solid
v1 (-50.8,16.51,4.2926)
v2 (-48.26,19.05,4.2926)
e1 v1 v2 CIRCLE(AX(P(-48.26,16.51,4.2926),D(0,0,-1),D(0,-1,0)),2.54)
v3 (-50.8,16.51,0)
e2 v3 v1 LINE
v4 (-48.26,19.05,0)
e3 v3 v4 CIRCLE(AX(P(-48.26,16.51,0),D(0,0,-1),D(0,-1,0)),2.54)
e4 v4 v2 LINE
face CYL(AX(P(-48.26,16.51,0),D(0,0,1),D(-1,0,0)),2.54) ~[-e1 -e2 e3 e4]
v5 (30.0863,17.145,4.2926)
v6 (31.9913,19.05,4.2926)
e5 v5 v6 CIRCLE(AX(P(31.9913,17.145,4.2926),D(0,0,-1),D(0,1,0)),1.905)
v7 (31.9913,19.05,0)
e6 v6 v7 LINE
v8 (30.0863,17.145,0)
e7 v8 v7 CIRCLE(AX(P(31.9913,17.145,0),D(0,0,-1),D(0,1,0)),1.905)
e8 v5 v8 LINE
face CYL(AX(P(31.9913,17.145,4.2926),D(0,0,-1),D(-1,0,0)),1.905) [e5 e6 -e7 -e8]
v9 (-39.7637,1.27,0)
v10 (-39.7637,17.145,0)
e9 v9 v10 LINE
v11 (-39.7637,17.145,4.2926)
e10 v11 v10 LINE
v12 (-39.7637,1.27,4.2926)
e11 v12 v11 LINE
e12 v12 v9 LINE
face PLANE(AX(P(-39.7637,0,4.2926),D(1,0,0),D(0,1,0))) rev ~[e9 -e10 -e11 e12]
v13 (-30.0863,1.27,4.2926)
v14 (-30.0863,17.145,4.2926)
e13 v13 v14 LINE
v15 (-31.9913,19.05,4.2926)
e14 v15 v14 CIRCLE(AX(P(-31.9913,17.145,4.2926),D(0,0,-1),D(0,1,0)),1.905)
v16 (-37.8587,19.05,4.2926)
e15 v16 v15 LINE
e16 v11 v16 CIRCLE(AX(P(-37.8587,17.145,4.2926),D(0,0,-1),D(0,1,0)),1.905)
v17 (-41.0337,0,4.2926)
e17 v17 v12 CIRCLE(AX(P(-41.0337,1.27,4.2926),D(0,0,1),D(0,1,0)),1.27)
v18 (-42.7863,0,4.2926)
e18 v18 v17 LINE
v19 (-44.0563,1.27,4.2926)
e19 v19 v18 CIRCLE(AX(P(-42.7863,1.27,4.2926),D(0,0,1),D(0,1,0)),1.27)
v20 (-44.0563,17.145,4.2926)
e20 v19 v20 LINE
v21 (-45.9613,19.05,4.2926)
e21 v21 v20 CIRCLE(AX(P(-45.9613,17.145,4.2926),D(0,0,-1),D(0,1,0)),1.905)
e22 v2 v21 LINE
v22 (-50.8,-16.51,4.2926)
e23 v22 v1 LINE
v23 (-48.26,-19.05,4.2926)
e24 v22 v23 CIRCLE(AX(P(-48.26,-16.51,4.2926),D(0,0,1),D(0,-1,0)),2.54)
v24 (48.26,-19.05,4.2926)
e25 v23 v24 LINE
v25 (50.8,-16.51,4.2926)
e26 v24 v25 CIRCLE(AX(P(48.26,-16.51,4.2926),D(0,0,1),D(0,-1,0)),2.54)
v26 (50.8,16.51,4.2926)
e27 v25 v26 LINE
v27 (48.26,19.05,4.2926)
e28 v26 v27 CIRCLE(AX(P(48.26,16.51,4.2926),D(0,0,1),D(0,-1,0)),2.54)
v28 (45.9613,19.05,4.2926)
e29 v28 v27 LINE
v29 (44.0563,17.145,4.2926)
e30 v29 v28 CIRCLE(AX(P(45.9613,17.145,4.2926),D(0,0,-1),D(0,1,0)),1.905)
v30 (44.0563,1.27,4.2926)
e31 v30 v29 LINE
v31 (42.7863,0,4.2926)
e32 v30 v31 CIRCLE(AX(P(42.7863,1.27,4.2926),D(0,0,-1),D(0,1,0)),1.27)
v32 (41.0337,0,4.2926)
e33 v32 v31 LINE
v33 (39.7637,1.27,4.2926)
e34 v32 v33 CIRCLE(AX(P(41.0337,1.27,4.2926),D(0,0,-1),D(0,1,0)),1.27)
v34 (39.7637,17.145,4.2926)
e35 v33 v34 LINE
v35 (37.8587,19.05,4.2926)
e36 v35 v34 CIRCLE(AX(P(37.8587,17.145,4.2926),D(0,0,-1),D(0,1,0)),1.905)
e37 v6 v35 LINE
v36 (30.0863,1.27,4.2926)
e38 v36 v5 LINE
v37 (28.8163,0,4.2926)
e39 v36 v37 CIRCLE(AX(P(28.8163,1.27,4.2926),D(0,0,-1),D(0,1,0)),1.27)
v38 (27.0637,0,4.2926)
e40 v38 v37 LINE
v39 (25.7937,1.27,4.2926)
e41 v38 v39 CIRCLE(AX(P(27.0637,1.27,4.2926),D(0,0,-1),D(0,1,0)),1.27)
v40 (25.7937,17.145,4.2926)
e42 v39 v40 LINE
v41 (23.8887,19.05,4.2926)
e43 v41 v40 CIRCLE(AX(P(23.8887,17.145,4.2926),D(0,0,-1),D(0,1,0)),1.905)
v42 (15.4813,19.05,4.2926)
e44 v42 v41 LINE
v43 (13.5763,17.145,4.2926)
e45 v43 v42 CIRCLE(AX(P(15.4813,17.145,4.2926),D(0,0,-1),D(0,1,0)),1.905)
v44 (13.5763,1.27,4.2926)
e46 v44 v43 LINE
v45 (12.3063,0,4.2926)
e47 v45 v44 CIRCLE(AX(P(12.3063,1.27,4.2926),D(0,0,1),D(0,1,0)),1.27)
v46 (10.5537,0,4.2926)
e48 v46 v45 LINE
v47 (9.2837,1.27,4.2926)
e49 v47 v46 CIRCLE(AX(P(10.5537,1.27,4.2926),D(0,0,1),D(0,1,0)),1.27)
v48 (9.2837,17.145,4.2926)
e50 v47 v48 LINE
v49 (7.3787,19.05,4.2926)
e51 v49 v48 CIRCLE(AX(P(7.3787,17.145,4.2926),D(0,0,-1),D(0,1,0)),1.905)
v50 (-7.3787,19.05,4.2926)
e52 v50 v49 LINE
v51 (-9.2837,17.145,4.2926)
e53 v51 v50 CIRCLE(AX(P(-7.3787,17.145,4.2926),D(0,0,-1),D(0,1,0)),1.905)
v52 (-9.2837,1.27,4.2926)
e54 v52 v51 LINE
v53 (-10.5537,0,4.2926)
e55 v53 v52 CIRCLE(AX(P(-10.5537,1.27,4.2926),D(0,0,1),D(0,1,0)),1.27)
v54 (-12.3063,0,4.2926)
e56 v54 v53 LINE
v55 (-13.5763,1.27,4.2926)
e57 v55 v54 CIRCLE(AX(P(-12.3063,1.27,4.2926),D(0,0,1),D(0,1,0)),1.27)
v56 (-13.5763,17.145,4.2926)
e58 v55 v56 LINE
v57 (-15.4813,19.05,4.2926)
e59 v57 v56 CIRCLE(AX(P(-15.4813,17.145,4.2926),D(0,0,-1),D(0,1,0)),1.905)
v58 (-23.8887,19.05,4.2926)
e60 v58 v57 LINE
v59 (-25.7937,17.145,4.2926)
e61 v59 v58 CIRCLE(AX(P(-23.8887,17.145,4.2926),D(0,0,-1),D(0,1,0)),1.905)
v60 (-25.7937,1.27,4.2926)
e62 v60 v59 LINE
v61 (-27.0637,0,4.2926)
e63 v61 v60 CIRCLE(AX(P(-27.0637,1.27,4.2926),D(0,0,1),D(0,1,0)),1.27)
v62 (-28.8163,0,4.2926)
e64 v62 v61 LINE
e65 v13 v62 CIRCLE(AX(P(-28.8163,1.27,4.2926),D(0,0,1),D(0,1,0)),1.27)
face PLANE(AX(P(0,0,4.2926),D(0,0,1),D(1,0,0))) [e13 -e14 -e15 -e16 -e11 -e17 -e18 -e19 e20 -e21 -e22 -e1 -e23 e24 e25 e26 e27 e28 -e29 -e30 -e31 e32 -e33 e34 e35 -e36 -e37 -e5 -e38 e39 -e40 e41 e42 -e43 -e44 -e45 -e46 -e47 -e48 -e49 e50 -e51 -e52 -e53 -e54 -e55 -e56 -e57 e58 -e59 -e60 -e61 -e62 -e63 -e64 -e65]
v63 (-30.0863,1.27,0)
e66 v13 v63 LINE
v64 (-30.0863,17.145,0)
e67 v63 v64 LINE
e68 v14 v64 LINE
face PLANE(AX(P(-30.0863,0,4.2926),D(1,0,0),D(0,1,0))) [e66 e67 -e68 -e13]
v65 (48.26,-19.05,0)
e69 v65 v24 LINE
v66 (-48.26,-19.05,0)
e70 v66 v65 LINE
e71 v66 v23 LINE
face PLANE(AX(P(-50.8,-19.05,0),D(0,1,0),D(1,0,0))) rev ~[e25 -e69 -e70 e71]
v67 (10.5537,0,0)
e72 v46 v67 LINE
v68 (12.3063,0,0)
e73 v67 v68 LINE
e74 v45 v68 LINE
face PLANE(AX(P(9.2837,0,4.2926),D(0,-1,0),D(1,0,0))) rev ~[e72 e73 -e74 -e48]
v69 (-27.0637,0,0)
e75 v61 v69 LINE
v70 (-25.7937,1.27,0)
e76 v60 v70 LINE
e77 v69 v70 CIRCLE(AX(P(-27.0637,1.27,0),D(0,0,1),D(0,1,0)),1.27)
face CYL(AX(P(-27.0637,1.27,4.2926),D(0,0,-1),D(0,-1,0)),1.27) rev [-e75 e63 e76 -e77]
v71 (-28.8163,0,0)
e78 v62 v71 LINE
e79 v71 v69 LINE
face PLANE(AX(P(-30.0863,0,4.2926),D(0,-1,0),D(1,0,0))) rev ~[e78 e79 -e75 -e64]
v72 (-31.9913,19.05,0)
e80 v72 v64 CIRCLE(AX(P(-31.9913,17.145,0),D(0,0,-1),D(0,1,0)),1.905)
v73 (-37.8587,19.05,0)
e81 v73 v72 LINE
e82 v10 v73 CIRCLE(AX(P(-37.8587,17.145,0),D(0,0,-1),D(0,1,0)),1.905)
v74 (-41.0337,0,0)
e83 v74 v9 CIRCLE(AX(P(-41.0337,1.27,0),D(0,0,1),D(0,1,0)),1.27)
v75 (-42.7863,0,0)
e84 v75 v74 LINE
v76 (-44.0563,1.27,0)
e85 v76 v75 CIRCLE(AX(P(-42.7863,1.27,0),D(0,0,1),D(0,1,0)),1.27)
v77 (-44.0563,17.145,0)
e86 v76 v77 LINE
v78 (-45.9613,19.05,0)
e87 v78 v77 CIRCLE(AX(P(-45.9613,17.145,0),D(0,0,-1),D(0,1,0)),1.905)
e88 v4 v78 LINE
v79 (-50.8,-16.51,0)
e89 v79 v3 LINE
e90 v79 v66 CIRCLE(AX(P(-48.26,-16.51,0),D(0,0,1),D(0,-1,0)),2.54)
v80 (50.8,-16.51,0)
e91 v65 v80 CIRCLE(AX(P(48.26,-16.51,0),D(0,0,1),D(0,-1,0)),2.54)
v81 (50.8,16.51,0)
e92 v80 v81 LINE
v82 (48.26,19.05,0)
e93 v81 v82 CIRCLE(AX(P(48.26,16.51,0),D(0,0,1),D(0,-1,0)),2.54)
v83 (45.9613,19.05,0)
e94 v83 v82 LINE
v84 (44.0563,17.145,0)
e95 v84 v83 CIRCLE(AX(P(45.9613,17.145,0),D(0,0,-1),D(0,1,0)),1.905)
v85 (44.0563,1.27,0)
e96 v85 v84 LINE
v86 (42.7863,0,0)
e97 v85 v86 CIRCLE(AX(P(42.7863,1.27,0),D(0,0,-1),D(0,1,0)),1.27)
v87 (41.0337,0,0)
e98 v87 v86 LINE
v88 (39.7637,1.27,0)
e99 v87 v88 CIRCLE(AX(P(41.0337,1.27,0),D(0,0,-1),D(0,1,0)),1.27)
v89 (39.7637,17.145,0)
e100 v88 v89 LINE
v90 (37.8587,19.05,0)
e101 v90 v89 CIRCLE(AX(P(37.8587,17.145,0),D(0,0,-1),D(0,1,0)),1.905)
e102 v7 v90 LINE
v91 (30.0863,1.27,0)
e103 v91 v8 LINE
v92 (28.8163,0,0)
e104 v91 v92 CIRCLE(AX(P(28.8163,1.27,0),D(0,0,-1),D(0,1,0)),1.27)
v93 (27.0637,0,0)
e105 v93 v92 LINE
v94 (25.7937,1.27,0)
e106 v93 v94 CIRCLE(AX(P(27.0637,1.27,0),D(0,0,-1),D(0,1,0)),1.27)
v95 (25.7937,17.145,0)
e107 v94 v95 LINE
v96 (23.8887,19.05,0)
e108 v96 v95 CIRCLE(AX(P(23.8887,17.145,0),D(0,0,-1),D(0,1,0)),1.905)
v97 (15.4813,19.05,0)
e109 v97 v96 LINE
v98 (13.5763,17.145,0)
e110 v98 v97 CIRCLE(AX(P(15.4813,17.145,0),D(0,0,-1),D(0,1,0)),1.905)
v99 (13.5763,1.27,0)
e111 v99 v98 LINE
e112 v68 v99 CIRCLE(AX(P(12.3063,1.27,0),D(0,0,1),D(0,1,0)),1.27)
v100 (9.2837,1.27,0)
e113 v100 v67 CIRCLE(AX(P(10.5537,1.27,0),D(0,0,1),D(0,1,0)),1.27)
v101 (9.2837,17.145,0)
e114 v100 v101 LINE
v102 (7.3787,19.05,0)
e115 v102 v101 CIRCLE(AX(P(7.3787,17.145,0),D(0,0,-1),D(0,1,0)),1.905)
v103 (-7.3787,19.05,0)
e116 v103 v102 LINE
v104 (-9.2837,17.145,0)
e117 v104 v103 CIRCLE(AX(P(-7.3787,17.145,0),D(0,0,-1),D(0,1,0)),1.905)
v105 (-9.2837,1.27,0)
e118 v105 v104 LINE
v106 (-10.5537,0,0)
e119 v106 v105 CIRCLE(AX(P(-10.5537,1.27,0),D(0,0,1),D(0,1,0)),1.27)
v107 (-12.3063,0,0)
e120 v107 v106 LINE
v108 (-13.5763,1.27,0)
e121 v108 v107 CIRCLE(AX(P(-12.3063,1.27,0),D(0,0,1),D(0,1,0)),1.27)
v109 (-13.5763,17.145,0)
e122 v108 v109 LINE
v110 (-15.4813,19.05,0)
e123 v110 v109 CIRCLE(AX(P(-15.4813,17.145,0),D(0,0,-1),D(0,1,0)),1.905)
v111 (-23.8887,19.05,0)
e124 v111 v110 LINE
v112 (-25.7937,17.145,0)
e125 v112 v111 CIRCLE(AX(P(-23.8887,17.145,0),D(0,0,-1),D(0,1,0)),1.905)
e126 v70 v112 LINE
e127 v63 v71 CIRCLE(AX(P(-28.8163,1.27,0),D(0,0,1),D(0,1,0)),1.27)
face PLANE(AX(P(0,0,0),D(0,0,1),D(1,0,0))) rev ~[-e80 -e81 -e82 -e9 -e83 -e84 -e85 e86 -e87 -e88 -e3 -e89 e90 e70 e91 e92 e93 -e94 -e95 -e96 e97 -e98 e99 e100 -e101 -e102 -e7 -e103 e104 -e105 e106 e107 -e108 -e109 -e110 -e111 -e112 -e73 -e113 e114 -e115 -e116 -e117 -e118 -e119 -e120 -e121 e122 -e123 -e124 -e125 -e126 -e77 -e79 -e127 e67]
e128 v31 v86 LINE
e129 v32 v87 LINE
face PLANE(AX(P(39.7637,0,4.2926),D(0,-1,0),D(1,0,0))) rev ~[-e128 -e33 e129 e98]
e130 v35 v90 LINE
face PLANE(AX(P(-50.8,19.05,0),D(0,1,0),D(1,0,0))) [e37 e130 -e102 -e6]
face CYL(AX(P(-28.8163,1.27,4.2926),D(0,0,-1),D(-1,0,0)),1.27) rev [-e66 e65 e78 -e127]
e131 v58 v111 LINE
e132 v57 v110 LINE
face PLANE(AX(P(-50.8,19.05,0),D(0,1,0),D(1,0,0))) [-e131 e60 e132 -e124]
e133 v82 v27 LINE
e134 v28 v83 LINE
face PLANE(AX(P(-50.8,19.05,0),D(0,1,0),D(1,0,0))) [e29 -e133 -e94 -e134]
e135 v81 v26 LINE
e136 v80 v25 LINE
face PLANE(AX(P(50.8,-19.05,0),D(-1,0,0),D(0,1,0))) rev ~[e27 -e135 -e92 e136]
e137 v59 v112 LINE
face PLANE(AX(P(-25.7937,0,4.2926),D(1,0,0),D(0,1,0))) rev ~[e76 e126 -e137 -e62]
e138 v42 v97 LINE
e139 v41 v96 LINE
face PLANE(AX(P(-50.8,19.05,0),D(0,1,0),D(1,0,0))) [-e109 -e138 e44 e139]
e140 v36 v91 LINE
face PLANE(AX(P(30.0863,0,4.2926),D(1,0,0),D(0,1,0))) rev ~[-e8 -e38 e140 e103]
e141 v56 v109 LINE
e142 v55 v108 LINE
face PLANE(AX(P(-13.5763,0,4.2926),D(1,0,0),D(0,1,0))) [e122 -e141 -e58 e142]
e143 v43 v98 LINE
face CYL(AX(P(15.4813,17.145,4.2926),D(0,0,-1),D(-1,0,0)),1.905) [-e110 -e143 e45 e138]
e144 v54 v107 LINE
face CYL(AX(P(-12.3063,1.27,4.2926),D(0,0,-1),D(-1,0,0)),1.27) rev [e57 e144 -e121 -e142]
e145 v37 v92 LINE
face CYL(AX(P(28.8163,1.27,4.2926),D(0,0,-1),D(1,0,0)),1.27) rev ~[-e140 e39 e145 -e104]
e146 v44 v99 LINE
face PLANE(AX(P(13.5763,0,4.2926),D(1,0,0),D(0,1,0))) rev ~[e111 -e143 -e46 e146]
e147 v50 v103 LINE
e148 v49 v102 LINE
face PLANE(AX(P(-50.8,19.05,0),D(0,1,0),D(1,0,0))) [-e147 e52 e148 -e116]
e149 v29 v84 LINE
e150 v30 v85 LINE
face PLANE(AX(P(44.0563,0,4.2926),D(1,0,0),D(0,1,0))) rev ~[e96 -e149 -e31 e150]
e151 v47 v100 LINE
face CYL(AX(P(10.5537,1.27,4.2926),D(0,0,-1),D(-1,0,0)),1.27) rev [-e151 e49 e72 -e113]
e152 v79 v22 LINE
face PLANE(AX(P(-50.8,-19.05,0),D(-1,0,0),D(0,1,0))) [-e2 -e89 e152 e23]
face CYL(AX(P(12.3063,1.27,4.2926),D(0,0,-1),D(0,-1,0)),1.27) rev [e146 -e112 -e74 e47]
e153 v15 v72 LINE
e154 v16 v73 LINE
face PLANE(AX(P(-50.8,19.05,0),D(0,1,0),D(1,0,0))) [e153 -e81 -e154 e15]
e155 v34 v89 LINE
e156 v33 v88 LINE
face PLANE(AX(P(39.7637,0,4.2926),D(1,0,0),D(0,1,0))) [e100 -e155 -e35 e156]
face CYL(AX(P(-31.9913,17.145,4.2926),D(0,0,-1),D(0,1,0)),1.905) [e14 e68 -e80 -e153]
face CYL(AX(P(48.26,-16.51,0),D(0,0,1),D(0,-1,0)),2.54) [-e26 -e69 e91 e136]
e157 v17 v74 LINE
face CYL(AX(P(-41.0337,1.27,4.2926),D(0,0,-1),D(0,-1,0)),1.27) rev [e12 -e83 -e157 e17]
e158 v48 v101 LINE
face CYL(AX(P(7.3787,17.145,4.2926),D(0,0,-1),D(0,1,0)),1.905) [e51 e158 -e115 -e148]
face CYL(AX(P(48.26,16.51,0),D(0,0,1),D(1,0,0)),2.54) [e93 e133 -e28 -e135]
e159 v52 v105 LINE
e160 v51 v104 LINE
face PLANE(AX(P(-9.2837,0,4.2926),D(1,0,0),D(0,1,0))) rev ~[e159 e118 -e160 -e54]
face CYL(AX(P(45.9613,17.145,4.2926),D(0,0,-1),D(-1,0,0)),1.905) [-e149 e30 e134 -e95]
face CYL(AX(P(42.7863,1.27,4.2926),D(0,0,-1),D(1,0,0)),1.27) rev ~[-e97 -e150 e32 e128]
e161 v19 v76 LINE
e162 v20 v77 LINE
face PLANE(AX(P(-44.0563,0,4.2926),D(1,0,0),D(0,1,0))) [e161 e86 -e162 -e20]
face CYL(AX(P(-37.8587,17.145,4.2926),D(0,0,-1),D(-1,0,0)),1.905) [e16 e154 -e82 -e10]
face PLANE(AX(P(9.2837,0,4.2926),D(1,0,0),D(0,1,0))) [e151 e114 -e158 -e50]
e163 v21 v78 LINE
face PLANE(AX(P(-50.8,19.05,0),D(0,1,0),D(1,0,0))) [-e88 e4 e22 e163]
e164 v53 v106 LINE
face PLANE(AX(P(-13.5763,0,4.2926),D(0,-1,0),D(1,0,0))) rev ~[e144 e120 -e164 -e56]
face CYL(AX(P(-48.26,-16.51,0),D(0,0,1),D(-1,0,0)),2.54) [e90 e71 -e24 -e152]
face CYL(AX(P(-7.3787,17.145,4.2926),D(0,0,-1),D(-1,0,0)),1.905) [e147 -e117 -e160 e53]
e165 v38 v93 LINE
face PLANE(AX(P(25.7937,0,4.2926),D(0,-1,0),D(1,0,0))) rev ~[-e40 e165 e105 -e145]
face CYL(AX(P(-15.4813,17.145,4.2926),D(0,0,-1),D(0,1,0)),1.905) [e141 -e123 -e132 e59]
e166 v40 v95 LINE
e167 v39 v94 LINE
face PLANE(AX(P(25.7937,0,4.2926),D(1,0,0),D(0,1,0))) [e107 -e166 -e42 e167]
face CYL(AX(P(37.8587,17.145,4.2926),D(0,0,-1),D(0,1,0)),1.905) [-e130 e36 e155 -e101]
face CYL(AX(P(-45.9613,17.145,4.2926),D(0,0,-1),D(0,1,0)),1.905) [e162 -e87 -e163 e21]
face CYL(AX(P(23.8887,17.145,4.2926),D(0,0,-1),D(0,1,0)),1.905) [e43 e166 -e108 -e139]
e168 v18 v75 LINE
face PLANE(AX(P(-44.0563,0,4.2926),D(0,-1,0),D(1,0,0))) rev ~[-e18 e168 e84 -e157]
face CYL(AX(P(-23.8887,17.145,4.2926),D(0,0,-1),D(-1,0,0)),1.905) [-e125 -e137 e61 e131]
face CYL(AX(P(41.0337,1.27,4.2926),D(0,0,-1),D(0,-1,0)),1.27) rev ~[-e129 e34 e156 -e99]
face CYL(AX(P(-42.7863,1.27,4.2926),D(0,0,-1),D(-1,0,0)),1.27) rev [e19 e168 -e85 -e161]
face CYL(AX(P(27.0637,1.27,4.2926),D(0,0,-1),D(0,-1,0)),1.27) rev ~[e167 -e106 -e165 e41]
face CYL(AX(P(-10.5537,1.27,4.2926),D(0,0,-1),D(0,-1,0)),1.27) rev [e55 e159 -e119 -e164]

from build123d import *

# Parameters (mm, degrees)
SKETCH1_W           = 101.6
SKETCH1_H           = 38.1
BOSS_EXTRUDE1_DEPTH = 4.2926
FILLET1_R           = 2.54
SKETCH2_W           = 4.2926
SKETCH2_H           = 19.05
CUT_EXTRUDE1_DEPTH  = 4.2926
FILLET2_R           = 1.905
FILLET3_R           = 1.27


with BuildPart() as part:
    # Sketch1 → Boss-Extrude1 (new body)
    with BuildSketch(Plane.XY):
        Rectangle(SKETCH1_W, SKETCH1_H)
    extrude(amount=BOSS_EXTRUDE1_DEPTH)

    # Fillet1
    fillet1_edges = [part.edges().sort_by_distance(p)[0] for p in [
        (50.8, -19.05, 2.1463),
        (-50.8, -19.05, 2.1463),
        (-50.8, 19.05, 2.1463),
        (50.8, 19.05, 2.1463),
    ]]
    fillet(fillet1_edges, radius=FILLET1_R)

    # Sketch2 → Cut-Extrude1 (cut)
    with BuildSketch(Plane.XY.offset(4.2926)):
        with Locations((-41.91, 9.525)):
            Rectangle(SKETCH2_W, SKETCH2_H)
        with Locations((-27.94, 9.525)):
            Rectangle(SKETCH2_W, SKETCH2_H)
        with Locations((-11.43, 9.525)):
            Rectangle(SKETCH2_W, SKETCH2_H)
        with Locations((11.43, 9.525)):
            Rectangle(SKETCH2_W, SKETCH2_H)
        with Locations((27.94, 9.525)):
            Rectangle(SKETCH2_W, SKETCH2_H)
        with Locations((41.91, 9.525)):
            Rectangle(SKETCH2_W, SKETCH2_H)
    extrude(amount=-CUT_EXTRUDE1_DEPTH, mode=Mode.SUBTRACT)

    # Fillet2
    fillet2_edges = [part.edges().sort_by_distance(p)[0] for p in [
        (-39.7637, 19.05, 2.1463),
        (-44.0563, 19.05, 2.1463),
        (-25.7937, 19.05, 2.1463),
        (-30.0863, 19.05, 2.1463),
        (-9.2837, 19.05, 2.1463),
        (-13.5763, 19.05, 2.1463),
        (13.5763, 19.05, 2.1463),
        (9.2837, 19.05, 2.1463),
        (30.0863, 19.05, 2.1463),
        (25.7937, 19.05, 2.1463),
        (44.0563, 19.05, 2.1463),
        (39.7637, 19.05, 2.1463),
    ]]
    fillet(fillet2_edges, radius=FILLET2_R)

    # Fillet3
    fillet3_edges = [part.edges().sort_by_distance(p)[0] for p in [
        (-39.7637, 0, 2.1463),
        (-44.0563, 0, 2.1463),
        (-25.7937, 0, 2.1463),
        (-30.0863, 0, 2.1463),
        (-9.2837, 0, 2.1463),
        (-13.5763, 0, 2.1463),
        (13.5763, 0, 2.1463),
        (9.2837, 0, 2.1463),
        (30.0863, 0, 2.1463),
        (25.7937, 0, 2.1463),
        (44.0563, 0, 2.1463),
        (39.7637, 0, 2.1463),
    ]]
    fillet(fillet3_edges, radius=FILLET3_R)


solid = part.part
